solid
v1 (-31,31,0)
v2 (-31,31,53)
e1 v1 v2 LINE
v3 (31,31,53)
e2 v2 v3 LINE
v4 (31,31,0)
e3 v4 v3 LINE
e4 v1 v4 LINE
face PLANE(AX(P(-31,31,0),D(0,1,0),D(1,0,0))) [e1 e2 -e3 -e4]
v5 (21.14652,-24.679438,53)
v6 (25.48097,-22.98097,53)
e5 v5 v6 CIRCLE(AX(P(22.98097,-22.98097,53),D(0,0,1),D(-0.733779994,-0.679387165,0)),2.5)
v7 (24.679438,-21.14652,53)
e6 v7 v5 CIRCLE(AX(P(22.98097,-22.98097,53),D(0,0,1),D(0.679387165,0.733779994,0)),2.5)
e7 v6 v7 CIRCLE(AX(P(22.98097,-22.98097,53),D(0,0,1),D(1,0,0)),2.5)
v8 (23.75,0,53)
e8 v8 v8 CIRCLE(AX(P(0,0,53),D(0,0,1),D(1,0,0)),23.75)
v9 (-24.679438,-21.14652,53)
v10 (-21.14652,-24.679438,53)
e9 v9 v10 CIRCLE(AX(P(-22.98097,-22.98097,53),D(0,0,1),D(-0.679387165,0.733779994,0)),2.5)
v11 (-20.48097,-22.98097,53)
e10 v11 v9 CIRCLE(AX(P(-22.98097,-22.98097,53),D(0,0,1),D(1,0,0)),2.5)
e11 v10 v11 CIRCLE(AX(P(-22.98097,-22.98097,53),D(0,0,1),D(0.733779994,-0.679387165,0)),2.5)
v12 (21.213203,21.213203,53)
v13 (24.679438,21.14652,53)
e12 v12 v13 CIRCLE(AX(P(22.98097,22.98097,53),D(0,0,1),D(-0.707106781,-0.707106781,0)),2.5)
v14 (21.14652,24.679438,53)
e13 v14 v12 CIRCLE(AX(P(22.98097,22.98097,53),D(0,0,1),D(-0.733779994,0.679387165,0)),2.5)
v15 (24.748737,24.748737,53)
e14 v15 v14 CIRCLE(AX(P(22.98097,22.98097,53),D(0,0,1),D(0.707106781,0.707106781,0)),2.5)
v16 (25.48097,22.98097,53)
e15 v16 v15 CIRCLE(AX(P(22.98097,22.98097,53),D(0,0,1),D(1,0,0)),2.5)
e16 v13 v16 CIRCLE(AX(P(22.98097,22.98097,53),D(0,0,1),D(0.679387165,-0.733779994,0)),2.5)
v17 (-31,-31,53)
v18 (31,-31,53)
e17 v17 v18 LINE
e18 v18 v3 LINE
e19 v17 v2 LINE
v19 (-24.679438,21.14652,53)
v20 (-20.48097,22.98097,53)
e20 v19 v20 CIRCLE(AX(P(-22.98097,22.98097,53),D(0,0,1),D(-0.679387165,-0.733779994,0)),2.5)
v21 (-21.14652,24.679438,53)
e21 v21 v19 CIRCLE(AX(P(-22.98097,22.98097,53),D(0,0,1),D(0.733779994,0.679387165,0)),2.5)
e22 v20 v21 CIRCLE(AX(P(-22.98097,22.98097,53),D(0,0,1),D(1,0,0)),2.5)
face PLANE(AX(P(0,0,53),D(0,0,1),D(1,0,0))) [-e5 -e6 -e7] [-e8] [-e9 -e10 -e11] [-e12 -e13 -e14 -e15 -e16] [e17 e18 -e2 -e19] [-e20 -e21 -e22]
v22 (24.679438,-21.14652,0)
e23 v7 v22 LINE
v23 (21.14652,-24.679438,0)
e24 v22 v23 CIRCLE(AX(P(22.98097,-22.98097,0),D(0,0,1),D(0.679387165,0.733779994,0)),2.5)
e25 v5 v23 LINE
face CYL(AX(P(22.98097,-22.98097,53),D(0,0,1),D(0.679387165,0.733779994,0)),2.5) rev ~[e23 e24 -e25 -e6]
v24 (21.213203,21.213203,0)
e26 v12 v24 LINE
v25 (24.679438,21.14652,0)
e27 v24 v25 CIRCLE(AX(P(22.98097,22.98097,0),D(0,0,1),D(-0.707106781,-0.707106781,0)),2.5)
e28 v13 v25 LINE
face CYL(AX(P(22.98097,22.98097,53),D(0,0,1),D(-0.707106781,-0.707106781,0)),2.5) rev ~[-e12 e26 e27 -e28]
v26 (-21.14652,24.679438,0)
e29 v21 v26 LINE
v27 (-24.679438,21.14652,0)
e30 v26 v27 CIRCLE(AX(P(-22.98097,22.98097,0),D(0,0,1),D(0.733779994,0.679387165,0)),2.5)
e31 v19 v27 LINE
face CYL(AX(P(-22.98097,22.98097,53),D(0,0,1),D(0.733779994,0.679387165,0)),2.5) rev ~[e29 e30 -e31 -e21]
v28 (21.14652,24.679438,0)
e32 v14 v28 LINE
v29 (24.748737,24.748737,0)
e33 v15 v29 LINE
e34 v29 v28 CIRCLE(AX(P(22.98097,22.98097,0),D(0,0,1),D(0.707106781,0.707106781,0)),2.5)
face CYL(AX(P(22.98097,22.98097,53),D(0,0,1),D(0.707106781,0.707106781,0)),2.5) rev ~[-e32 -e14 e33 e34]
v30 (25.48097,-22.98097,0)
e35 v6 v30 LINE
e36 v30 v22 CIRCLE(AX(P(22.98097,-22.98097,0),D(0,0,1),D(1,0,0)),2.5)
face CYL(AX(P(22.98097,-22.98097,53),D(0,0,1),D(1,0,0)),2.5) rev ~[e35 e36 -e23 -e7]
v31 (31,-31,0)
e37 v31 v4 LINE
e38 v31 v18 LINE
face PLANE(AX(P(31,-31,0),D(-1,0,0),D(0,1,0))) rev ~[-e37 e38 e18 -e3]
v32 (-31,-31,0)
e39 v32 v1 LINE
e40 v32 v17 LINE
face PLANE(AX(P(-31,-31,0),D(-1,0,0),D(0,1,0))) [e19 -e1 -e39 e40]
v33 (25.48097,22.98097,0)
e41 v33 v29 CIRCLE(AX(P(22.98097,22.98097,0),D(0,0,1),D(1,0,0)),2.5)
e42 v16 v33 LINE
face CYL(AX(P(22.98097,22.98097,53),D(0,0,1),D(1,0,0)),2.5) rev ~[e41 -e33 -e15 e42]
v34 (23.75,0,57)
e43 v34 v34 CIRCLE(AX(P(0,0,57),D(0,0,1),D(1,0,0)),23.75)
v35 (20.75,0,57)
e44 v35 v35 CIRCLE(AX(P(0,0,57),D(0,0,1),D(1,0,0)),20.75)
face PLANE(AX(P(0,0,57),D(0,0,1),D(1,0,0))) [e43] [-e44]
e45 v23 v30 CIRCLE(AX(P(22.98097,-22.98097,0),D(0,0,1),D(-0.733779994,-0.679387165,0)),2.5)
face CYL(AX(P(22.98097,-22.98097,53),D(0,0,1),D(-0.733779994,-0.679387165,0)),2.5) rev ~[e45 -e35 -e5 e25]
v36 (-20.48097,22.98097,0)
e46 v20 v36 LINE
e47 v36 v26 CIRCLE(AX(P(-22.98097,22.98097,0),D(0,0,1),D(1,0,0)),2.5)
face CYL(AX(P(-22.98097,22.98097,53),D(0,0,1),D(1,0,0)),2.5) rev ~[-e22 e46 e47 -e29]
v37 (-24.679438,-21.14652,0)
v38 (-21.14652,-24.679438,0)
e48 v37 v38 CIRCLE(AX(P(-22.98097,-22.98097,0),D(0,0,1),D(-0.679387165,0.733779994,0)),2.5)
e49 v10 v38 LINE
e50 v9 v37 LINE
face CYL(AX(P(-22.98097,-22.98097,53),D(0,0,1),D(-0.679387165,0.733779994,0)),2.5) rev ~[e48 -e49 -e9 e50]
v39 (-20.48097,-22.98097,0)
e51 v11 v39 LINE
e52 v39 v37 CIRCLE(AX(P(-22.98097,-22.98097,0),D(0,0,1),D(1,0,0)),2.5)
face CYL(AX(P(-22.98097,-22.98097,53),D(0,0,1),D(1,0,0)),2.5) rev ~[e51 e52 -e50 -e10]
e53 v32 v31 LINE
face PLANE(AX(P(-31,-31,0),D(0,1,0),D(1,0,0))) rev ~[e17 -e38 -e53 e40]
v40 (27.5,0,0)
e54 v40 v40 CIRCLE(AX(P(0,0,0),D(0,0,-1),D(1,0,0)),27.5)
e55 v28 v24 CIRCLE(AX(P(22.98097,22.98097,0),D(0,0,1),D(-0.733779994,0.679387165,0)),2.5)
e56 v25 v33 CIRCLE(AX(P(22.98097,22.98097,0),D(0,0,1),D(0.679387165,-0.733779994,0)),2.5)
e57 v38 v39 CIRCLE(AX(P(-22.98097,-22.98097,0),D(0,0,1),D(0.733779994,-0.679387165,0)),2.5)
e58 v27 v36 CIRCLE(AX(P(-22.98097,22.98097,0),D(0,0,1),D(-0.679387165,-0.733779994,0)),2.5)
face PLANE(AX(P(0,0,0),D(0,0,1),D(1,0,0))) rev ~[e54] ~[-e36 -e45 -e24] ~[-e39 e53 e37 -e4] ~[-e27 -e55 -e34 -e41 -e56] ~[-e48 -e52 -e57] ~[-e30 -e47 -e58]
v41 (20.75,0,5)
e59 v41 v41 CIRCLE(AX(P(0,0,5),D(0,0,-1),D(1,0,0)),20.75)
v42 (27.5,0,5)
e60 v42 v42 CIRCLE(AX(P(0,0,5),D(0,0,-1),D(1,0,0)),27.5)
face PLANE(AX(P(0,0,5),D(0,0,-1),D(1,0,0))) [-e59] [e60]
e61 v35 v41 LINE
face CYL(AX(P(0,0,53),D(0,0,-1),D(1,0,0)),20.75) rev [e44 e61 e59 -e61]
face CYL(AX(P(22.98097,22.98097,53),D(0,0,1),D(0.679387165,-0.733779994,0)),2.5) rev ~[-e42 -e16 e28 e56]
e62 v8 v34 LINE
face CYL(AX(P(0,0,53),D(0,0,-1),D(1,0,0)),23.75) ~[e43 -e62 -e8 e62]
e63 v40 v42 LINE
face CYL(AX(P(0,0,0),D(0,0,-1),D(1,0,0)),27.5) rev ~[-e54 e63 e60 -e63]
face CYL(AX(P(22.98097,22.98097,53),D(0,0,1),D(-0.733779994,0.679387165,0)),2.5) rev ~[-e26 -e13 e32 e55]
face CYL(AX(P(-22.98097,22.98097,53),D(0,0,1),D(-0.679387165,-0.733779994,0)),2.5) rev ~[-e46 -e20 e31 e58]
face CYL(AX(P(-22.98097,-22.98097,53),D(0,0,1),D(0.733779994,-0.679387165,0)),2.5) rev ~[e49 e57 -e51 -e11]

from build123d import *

# Parameters (mm, degrees)
F0_W     = 62
F0_H     = 62
F0_R     = 20.75
F1_DEPTH = 53
F2_R     = 23.75
F2_R_2   = 20.75
F3_DEPTH = 4
F4_R     = 27.5
F4_R_2   = 20.75
F5_DEPTH = 5
F7_DEPTH = 53.001


with BuildPart() as f1:
    # F0 (on Top) → F1 (new body)
    with BuildSketch(Plane.XY):
        Rectangle(F0_W, F0_H)
        Circle(F0_R, mode=Mode.SUBTRACT)
    extrude(amount=F1_DEPTH)

    # F2 (on face) → F3 (join)
    with BuildSketch(Plane.XY.offset(53)):
        Circle(F2_R)
        Circle(F2_R_2, mode=Mode.SUBTRACT)
    extrude(amount=F3_DEPTH)

    # F4 (on face) → F5 (cut)
    with BuildSketch(Plane(origin=(0, 0, 0), x_dir=(1, 0, 0), z_dir=(0, 0, -1))):
        Circle(F4_R)
        Circle(F4_R_2, mode=Mode.SUBTRACT)
    extrude(amount=-F5_DEPTH, mode=Mode.SUBTRACT)

    # F6 (on face) → F7 (cut, through all)
    with BuildSketch(Plane.XY.offset(53)):
        with BuildLine():
            ThreePointArc((-24.679438301, 21.1465204028), (-22.9809703886, 22.9809703886), (-21.1465204028, 24.679438301))
            ThreePointArc((-21.1465204028, 24.679438301), (-24.7487373415, 24.7487373415), (-24.679438301, 21.1465204028))
        make_face()
        with BuildLine():
            ThreePointArc((-20.4809703886, 22.9809703886), (-20.653297198, 23.8930764777), (-21.1465204028, 24.679438301))
            ThreePointArc((-21.1465204028, 24.679438301), (-22.9809703886, 22.9809703886), (-24.679438301, 21.1465204028))
            ThreePointArc((-24.679438301, 21.1465204028), (-21.9800132919, 20.6901004903), (-20.4809703886, 22.9809703886))
        make_face()
        with BuildLine():
            ThreePointArc((21.1465204028, 24.679438301), (22.0800828621, 23.8478498151), (22.9809703886, 22.9809703886))
            Line((22.9809703886, 22.9809703886), (24.7487373415, 24.7487373415))
            ThreePointArc((24.7487373415, 24.7487373415), (22.9328845698, 25.4805078966), (21.1465204028, 24.679438301))
        make_face()
        with BuildLine():
            ThreePointArc((22.9809703886, 22.9809703886), (23.8478498151, 22.0800828621), (24.679438301, 21.1465204028))
            ThreePointArc((24.679438301, 21.1465204028), (25.2718402868, 21.9800132919), (25.4809703886, 22.9809703886))
            ThreePointArc((25.4809703886, 22.9809703886), (25.2906692198, 23.9376789695), (24.7487373415, 24.7487373415))
            Line((24.7487373415, 24.7487373415), (22.9809703886, 22.9809703886))
        make_face()
        with BuildLine():
            ThreePointArc((21.2132034356, 21.2132034356), (22.9328845698, 20.4814328805), (24.679438301, 21.1465204028))
            ThreePointArc((24.679438301, 21.1465204028), (23.8478498151, 22.0800828621), (22.9809703886, 22.9809703886))
            Line((22.9809703886, 22.9809703886), (21.2132034356, 21.2132034356))
        make_face()
        with BuildLine():
            Line((21.2132034356, 21.2132034356), (22.9809703886, 22.9809703886))
            ThreePointArc((22.9809703886, 22.9809703886), (22.0800828621, 23.8478498151), (21.1465204028, 24.679438301))
            ThreePointArc((21.1465204028, 24.679438301), (20.4814328805, 22.9328845698), (21.2132034356, 21.2132034356))
        make_face()
        with BuildLine():
            ThreePointArc((21.1465204028, -24.679438301), (22.9809703886, -22.9809703886), (24.679438301, -21.1465204028))
            ThreePointArc((24.679438301, -21.1465204028), (21.2132034356, -21.2132034356), (21.1465204028, -24.679438301))
        make_face()
        with BuildLine():
            ThreePointArc((25.4809703886, -22.9809703886), (25.2718402868, -21.9800132919), (24.679438301, -21.1465204028))
            ThreePointArc((24.679438301, -21.1465204028), (22.9809703886, -22.9809703886), (21.1465204028, -24.679438301))
            ThreePointArc((21.1465204028, -24.679438301), (23.8930764777, -25.3086435792), (25.4809703886, -22.9809703886))
        make_face()
        with BuildLine():
            ThreePointArc((-24.679438301, -21.1465204028), (-24.7487373415, -24.7487373415), (-21.1465204028, -24.679438301))
            ThreePointArc((-21.1465204028, -24.679438301), (-22.9809703886, -22.9809703886), (-24.679438301, -21.1465204028))
        make_face()
        with BuildLine():
            ThreePointArc((-24.679438301, -21.1465204028), (-22.9809703886, -22.9809703886), (-21.1465204028, -24.679438301))
            ThreePointArc((-21.1465204028, -24.679438301), (-20.653297198, -23.8930764777), (-20.4809703886, -22.9809703886))
            ThreePointArc((-20.4809703886, -22.9809703886), (-21.9800132919, -20.6901004903), (-24.679438301, -21.1465204028))
        make_face()
    extrude(amount=-F7_DEPTH, mode=Mode.SUBTRACT)


solid = f1.part
